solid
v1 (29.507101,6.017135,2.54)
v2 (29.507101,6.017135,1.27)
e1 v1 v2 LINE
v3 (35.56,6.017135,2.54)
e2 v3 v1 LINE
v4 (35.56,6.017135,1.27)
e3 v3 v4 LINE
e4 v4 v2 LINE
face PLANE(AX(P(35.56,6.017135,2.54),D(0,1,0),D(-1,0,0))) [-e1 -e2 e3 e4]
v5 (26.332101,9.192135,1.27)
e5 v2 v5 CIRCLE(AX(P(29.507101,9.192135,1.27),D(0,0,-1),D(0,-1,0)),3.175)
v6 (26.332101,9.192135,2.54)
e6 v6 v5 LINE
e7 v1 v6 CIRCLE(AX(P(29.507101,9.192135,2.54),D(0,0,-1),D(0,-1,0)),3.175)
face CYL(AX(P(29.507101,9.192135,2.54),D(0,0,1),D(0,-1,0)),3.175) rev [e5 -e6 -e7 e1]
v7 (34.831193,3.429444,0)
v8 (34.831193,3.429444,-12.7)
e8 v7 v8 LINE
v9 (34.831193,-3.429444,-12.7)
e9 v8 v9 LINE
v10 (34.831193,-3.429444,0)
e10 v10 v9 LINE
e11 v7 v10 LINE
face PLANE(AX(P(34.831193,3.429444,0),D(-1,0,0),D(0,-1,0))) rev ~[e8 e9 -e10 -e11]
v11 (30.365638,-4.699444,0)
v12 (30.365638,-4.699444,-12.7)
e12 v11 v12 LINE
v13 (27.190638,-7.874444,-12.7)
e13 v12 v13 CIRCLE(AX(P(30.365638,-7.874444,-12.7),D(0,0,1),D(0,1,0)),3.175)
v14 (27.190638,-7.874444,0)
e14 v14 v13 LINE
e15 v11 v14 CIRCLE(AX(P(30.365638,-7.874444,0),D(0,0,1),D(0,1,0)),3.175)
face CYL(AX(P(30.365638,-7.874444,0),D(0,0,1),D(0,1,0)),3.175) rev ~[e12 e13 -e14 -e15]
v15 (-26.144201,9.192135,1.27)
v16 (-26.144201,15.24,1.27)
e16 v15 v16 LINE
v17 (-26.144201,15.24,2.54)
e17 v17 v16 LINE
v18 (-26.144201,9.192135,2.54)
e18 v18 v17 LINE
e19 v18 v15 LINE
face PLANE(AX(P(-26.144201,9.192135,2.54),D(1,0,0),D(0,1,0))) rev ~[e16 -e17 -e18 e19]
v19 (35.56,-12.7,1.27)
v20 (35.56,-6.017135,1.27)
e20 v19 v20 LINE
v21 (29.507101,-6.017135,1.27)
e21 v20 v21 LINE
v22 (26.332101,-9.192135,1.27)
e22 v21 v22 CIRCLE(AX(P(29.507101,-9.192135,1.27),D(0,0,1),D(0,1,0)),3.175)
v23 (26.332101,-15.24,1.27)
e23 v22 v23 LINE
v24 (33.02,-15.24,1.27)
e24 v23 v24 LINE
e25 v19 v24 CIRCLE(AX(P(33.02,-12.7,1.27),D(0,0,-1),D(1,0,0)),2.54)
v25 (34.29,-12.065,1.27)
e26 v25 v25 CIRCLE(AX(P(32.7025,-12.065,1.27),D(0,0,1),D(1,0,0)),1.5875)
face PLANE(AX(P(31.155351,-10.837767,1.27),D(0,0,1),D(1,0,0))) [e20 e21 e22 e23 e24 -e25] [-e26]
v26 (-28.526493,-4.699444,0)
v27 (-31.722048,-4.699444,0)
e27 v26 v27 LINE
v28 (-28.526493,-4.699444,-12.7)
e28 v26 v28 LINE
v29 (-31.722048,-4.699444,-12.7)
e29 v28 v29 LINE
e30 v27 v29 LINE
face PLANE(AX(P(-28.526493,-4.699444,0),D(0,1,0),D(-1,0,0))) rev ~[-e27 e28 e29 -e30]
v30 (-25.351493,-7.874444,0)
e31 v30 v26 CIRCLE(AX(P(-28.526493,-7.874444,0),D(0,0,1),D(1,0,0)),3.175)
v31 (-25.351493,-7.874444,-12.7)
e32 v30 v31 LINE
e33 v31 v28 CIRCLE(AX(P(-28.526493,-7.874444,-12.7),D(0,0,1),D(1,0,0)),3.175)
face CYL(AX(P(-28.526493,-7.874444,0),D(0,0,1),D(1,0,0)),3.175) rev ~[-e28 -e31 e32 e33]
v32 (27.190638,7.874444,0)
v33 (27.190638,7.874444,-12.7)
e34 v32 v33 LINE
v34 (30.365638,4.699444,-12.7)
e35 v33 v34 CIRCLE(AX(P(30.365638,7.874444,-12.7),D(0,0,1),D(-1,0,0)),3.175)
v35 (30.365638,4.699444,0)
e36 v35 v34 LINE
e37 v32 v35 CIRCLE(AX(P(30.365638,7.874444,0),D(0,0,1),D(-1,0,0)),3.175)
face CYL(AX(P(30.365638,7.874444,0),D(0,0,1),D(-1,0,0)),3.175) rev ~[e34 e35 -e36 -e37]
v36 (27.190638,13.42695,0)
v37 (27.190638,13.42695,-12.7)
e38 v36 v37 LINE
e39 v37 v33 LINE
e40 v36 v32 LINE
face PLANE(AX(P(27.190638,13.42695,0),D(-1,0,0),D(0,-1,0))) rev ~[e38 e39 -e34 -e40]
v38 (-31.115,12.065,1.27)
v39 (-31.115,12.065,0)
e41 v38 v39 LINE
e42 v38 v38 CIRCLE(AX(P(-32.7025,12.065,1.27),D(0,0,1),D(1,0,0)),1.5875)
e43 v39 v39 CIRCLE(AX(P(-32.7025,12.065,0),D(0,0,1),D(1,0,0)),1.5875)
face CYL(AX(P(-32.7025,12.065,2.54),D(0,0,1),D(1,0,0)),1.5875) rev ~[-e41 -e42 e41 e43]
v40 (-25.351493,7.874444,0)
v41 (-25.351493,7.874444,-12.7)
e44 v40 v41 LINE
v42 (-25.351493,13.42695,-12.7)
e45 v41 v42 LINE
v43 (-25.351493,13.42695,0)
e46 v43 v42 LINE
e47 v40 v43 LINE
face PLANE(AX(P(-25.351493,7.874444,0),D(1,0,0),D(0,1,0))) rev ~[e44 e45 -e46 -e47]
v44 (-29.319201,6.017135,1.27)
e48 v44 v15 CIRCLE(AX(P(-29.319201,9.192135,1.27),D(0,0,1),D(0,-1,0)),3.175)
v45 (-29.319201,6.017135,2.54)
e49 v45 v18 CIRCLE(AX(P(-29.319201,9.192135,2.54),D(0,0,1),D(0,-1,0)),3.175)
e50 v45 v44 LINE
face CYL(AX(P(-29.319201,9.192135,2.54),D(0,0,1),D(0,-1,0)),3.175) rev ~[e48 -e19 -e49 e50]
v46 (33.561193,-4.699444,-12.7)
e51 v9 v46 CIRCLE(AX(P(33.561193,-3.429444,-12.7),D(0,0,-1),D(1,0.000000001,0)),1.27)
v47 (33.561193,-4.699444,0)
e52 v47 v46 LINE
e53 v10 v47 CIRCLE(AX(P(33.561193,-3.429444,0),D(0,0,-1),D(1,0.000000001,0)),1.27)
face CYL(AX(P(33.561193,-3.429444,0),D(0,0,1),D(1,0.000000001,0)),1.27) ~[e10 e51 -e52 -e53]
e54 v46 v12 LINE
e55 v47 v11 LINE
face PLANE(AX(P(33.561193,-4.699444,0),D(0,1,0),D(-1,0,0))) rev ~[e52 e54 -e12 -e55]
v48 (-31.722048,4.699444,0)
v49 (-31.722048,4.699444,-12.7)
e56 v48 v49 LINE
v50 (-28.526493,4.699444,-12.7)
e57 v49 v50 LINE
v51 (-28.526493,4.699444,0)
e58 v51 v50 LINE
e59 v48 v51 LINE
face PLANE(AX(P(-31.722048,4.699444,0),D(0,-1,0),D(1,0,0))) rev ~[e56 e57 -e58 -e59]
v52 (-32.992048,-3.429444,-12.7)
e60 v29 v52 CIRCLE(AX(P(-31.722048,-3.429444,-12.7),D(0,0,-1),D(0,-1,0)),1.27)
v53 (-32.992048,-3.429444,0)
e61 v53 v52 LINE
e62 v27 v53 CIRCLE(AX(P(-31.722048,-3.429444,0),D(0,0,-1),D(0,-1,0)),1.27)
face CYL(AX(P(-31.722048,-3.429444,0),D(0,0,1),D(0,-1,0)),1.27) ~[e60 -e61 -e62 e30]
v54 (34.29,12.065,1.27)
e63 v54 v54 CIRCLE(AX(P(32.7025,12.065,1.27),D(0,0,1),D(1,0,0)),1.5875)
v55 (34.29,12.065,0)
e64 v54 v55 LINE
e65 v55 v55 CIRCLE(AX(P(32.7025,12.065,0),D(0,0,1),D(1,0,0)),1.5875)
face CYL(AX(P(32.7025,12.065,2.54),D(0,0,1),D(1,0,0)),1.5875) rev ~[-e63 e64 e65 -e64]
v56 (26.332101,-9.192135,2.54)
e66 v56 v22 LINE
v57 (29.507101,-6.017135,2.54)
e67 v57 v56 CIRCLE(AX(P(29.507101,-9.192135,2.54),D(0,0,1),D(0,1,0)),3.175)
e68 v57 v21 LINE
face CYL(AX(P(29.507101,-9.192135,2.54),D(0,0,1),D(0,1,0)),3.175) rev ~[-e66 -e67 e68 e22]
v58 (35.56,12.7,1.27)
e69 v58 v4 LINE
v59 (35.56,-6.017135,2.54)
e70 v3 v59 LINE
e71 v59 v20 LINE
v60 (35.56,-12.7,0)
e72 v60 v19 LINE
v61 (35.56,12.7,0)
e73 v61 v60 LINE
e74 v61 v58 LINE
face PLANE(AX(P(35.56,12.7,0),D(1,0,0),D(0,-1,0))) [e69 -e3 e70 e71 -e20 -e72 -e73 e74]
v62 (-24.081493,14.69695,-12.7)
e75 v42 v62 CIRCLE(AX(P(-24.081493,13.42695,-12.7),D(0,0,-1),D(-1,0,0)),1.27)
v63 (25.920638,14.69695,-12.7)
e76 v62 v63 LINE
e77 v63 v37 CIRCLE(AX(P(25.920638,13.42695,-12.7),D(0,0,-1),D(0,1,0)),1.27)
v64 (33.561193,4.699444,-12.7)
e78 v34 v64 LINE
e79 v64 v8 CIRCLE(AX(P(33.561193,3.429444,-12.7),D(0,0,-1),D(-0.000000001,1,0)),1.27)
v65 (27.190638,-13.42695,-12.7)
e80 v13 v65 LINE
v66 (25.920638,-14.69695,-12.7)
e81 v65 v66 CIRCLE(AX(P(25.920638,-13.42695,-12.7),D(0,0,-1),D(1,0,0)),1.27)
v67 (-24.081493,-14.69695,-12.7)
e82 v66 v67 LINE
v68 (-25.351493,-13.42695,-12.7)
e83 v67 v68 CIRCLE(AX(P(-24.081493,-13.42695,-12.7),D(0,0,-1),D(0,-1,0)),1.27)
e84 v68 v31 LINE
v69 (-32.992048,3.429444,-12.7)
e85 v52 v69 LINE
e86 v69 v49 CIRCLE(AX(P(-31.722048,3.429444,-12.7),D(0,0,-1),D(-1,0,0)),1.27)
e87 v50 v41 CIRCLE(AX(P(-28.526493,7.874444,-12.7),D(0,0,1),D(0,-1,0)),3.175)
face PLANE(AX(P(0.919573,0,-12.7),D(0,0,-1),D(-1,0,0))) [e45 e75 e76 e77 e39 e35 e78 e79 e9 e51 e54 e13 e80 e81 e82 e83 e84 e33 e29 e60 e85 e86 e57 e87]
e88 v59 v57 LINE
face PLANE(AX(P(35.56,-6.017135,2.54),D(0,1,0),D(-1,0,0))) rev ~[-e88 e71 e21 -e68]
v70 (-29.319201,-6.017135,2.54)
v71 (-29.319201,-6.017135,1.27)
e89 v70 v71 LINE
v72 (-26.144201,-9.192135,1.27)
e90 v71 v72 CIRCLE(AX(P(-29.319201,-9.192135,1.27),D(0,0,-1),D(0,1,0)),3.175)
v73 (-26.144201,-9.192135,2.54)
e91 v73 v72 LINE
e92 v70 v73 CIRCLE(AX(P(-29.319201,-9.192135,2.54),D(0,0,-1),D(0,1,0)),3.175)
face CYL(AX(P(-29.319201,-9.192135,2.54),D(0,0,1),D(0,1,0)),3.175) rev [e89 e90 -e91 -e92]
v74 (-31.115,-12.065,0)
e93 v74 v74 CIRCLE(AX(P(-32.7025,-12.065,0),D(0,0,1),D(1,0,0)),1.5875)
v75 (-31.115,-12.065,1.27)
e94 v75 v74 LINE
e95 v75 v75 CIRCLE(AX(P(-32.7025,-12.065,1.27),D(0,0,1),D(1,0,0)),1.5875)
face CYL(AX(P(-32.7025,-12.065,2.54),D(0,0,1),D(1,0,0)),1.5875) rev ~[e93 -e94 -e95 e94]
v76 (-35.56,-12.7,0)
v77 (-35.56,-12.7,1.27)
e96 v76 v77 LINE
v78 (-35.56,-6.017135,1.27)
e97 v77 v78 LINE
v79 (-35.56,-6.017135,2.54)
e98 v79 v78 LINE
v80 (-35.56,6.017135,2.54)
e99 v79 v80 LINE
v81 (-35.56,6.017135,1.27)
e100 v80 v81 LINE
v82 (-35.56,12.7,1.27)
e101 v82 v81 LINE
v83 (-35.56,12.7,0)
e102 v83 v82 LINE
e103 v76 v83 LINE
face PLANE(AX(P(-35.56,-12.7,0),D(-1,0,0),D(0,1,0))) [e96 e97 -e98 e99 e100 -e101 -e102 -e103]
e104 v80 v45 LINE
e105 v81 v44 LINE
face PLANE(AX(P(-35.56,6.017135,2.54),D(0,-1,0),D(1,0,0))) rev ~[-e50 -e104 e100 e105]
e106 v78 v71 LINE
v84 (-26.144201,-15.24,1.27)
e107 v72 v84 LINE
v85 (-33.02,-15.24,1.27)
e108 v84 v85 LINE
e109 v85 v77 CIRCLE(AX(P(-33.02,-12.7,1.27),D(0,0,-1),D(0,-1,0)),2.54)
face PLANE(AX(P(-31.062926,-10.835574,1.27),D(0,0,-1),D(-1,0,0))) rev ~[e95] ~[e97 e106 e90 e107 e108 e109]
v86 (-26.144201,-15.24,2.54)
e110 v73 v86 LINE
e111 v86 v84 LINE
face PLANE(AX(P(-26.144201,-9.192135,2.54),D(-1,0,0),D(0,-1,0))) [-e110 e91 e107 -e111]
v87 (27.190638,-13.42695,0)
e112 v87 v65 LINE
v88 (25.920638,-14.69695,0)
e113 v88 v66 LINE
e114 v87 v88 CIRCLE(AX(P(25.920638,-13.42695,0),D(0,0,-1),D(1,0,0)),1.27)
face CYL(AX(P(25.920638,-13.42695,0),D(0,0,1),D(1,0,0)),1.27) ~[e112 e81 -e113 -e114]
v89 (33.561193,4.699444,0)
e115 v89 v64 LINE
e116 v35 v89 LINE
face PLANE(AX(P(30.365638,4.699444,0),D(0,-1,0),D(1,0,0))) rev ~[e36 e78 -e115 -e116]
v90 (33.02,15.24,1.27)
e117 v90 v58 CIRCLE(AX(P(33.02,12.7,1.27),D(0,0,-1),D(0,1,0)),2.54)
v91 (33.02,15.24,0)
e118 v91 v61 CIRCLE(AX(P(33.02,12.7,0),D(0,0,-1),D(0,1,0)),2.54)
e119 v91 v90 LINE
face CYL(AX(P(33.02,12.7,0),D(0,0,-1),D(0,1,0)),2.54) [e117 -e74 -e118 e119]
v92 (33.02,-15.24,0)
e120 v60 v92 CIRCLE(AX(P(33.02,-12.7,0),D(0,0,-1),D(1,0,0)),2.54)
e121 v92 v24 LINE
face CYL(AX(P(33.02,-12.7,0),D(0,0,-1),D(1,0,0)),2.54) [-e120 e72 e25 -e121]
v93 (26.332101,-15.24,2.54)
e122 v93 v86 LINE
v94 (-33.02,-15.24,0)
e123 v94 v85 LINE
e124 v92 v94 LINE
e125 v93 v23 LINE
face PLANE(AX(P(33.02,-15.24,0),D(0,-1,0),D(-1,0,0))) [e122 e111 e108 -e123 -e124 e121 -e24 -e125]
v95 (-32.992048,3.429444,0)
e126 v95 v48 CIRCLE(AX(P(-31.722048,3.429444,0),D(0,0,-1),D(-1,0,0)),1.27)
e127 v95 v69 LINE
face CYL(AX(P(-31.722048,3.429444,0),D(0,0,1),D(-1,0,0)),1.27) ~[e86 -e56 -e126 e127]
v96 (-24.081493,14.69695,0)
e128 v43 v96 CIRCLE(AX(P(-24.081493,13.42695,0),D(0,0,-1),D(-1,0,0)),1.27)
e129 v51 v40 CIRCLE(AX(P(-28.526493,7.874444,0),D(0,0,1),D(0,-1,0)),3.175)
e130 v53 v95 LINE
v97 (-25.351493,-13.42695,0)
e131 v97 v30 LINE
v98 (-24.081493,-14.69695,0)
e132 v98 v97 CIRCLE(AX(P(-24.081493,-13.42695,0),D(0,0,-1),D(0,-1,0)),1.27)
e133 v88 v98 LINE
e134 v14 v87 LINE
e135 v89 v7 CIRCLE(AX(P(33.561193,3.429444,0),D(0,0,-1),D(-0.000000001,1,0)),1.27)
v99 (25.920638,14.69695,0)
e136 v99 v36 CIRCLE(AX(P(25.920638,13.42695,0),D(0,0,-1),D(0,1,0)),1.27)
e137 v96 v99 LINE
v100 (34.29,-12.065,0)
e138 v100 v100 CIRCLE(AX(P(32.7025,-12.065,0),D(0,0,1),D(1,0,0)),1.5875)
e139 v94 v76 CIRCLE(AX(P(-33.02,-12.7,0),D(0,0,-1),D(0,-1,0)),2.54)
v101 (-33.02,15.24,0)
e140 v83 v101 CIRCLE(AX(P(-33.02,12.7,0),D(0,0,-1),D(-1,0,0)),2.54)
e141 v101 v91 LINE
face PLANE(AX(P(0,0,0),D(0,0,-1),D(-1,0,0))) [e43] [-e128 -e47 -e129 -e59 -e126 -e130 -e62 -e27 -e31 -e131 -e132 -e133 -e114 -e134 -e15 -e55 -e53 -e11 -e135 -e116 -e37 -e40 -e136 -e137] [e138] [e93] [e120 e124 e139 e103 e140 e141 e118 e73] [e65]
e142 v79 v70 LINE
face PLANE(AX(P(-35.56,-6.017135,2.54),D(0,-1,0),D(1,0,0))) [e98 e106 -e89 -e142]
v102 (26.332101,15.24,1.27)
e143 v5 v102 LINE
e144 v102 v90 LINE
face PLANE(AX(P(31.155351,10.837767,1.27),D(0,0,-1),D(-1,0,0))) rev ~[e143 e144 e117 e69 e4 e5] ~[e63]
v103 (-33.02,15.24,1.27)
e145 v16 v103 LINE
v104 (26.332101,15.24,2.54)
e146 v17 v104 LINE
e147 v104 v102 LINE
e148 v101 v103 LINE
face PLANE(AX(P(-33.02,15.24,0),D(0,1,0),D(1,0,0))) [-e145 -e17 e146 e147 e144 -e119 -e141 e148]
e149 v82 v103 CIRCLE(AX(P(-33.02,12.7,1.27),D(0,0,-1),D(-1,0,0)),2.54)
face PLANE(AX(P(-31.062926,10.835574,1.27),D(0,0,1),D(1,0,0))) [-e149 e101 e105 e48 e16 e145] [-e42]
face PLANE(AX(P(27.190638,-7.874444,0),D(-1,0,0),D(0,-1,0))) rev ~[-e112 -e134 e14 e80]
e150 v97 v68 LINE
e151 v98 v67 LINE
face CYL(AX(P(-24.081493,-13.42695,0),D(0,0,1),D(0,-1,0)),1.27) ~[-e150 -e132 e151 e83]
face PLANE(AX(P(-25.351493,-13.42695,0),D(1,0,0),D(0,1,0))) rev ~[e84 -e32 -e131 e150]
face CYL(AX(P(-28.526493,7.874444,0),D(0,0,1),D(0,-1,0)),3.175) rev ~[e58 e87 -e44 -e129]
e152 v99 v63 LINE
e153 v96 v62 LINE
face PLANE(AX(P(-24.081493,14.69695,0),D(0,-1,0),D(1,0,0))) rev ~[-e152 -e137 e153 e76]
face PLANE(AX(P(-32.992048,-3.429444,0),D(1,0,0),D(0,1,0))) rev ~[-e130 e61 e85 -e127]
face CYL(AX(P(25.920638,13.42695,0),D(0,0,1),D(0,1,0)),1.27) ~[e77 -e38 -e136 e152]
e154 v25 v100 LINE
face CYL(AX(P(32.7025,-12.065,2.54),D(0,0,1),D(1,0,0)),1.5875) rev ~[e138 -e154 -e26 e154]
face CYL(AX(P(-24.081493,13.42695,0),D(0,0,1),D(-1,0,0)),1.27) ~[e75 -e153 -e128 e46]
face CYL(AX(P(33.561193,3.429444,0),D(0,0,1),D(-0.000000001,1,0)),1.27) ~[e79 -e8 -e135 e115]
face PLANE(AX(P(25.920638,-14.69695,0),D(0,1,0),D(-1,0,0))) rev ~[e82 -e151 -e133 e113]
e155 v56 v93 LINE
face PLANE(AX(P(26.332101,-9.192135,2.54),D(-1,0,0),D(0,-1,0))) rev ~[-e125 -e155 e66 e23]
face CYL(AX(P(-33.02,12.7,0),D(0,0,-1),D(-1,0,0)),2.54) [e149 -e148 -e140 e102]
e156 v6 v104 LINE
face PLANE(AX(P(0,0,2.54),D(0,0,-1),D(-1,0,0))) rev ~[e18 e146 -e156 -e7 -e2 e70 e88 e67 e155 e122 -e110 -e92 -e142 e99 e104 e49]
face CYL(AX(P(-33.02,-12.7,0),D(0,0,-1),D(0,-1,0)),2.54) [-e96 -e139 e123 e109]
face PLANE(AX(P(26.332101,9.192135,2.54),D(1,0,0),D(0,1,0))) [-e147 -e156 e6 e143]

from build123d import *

# Parameters (mm, degrees)
BOSS_EXTRUDE1_DEPTH = 2.54
BOSS_EXTRUDE2_DEPTH = 12.7
SKETCH3_R           = 1.5875
CUT_EXTRUDE1_DEPTH  = 5.08
CUT_EXTRUDE2_DEPTH  = 1.27


with BuildPart() as part:
    # Sketch1 → Boss-Extrude1 (new body)
    with BuildSketch(Plane.XY):
        with BuildLine():
            Line((33.02, -15.24), (-33.02, -15.24))
            ThreePointArc((-33.02, -15.24), (-34.816051224, -14.496051224), (-35.56, -12.7))
            Line((-35.56, -12.7), (-35.56, 12.7))
            ThreePointArc((-35.56, 12.7), (-34.816051224, 14.496051224), (-33.02, 15.24))
            Line((-33.02, 15.24), (33.02, 15.24))
            ThreePointArc((33.02, 15.24), (34.816051224, 14.496051224), (35.56, 12.7))
            Line((35.56, 12.7), (35.56, -12.7))
            ThreePointArc((35.56, -12.7), (34.816051224, -14.496051224), (33.02, -15.24))
        make_face()
    extrude(amount=BOSS_EXTRUDE1_DEPTH)

    # Sketch2 → Boss-Extrude2 (add)
    with BuildSketch(Plane(origin=(0, 0, 0), x_dir=(-1, 0, 0), z_dir=(0, 0, -1))):
        with BuildLine():
            Line((-34.831192975, 3.429443631), (-34.831192975, -3.429443631))
            ThreePointArc((-34.831192975, -3.429443631), (-34.459218588, -4.327469243), (-33.561192975, -4.699443631))
            Line((-33.561192975, -4.699443631), (-30.365638197, -4.699443631))
            ThreePointArc((-30.365638197, -4.699443631), (-28.120574167, -5.629379601), (-27.190638197, -7.874443631))
            Line((-27.190638197, -7.874443631), (-27.190638197, -13.426949666))
            ThreePointArc((-27.190638197, -13.426949666), (-26.818663809, -14.324975278), (-25.920638197, -14.696949666))
            Line((-25.920638197, -14.696949666), (24.081493188, -14.696949666))
            ThreePointArc((24.081493188, -14.696949666), (24.9795188, -14.324975278), (25.351493188, -13.426949666))
            Line((25.351493188, -13.426949666), (25.351493188, -7.874443631))
            ThreePointArc((25.351493188, -7.874443631), (26.281429158, -5.629379601), (28.526493188, -4.699443631))
            Line((28.526493188, -4.699443631), (31.722047967, -4.699443631))
            ThreePointArc((31.722047967, -4.699443631), (32.620073579, -4.327469243), (32.992047967, -3.429443631))
            Line((32.992047967, -3.429443631), (32.992047967, 3.429443631))
            ThreePointArc((32.992047967, 3.429443631), (32.620073579, 4.327469243), (31.722047967, 4.699443631))
            Line((31.722047967, 4.699443631), (28.526493188, 4.699443631))
            ThreePointArc((28.526493188, 4.699443631), (26.281429158, 5.629379601), (25.351493188, 7.874443631))
            Line((25.351493188, 7.874443631), (25.351493188, 13.426949666))
            ThreePointArc((25.351493188, 13.426949666), (24.9795188, 14.324975278), (24.081493188, 14.696949666))
            Line((24.081493188, 14.696949666), (-25.920638197, 14.696949666))
            ThreePointArc((-25.920638197, 14.696949666), (-26.818663809, 14.324975278), (-27.190638197, 13.426949666))
            Line((-27.190638197, 13.426949666), (-27.190638197, 7.874443631))
            ThreePointArc((-27.190638197, 7.874443631), (-28.120574167, 5.629379601), (-30.365638197, 4.699443631))
            Line((-30.365638197, 4.699443631), (-33.561192975, 4.699443631))
            ThreePointArc((-33.561192975, 4.699443631), (-34.459218588, 4.327469243), (-34.831192975, 3.429443631))
        make_face()
    extrude(amount=BOSS_EXTRUDE2_DEPTH)

    # Sketch3 → Cut-Extrude1 (cut)
    with BuildSketch(Plane.XY.offset(2.54)):
        with Locations((32.7025, -12.065)):
            Circle(SKETCH3_R)
        with Locations((32.7025, 12.065)):
            Circle(SKETCH3_R)
        with Locations((-32.7025, 12.065)):
            Circle(SKETCH3_R)
        with Locations((-32.7025, -12.065)):
            Circle(SKETCH3_R)
    extrude(amount=-CUT_EXTRUDE1_DEPTH, mode=Mode.SUBTRACT)

    # Sketch4 → Cut-Extrude2 (cut)
    with BuildSketch(Plane.XY.offset(2.54)):
        with BuildLine():
            Line((-35.56, -6.017135468), (-29.319201094, -6.017135468))
            ThreePointArc((-29.319201094, -6.017135468), (-27.074137064, -6.947071437), (-26.144201094, -9.192135468))
            Line((-26.144201094, -9.192135468), (-26.144201094, -15.24))
            Line((-26.144201094, -15.24), (-35.56, -15.24))
            Line((-35.56, -15.24), (-35.56, -6.017135468))
        make_face()
        with BuildLine():
            Line((35.56, -6.017135468), (29.50710146, -6.017135468))
            ThreePointArc((29.50710146, -6.017135468), (27.26203743, -6.947071437), (26.33210146, -9.192135468))
            Line((26.33210146, -9.192135468), (26.33210146, -15.24))
            Line((26.33210146, -15.24), (35.56, -15.24))
            Line((35.56, -15.24), (35.56, -6.017135468))
        make_face()
        with BuildLine():
            Line((26.33210146, 9.192135468), (26.33210146, 15.24))
            Line((26.33210146, 15.24), (35.56, 15.24))
            Line((35.56, 15.24), (35.56, 6.017135468))
            Line((35.56, 6.017135468), (29.50710146, 6.017135468))
            ThreePointArc((29.50710146, 6.017135468), (27.26203743, 6.947071437), (26.33210146, 9.192135468))
        make_face()
        with BuildLine():
            Line((-26.144201094, 9.192135468), (-26.144201094, 15.24))
            Line((-26.144201094, 15.24), (-35.56, 15.24))
            Line((-35.56, 15.24), (-35.56, 6.017135468))
            Line((-35.56, 6.017135468), (-29.319201094, 6.017135468))
            ThreePointArc((-29.319201094, 6.017135468), (-27.074137064, 6.947071437), (-26.144201094, 9.192135468))
        make_face()
    extrude(amount=-CUT_EXTRUDE2_DEPTH, mode=Mode.SUBTRACT)


solid = part.part
